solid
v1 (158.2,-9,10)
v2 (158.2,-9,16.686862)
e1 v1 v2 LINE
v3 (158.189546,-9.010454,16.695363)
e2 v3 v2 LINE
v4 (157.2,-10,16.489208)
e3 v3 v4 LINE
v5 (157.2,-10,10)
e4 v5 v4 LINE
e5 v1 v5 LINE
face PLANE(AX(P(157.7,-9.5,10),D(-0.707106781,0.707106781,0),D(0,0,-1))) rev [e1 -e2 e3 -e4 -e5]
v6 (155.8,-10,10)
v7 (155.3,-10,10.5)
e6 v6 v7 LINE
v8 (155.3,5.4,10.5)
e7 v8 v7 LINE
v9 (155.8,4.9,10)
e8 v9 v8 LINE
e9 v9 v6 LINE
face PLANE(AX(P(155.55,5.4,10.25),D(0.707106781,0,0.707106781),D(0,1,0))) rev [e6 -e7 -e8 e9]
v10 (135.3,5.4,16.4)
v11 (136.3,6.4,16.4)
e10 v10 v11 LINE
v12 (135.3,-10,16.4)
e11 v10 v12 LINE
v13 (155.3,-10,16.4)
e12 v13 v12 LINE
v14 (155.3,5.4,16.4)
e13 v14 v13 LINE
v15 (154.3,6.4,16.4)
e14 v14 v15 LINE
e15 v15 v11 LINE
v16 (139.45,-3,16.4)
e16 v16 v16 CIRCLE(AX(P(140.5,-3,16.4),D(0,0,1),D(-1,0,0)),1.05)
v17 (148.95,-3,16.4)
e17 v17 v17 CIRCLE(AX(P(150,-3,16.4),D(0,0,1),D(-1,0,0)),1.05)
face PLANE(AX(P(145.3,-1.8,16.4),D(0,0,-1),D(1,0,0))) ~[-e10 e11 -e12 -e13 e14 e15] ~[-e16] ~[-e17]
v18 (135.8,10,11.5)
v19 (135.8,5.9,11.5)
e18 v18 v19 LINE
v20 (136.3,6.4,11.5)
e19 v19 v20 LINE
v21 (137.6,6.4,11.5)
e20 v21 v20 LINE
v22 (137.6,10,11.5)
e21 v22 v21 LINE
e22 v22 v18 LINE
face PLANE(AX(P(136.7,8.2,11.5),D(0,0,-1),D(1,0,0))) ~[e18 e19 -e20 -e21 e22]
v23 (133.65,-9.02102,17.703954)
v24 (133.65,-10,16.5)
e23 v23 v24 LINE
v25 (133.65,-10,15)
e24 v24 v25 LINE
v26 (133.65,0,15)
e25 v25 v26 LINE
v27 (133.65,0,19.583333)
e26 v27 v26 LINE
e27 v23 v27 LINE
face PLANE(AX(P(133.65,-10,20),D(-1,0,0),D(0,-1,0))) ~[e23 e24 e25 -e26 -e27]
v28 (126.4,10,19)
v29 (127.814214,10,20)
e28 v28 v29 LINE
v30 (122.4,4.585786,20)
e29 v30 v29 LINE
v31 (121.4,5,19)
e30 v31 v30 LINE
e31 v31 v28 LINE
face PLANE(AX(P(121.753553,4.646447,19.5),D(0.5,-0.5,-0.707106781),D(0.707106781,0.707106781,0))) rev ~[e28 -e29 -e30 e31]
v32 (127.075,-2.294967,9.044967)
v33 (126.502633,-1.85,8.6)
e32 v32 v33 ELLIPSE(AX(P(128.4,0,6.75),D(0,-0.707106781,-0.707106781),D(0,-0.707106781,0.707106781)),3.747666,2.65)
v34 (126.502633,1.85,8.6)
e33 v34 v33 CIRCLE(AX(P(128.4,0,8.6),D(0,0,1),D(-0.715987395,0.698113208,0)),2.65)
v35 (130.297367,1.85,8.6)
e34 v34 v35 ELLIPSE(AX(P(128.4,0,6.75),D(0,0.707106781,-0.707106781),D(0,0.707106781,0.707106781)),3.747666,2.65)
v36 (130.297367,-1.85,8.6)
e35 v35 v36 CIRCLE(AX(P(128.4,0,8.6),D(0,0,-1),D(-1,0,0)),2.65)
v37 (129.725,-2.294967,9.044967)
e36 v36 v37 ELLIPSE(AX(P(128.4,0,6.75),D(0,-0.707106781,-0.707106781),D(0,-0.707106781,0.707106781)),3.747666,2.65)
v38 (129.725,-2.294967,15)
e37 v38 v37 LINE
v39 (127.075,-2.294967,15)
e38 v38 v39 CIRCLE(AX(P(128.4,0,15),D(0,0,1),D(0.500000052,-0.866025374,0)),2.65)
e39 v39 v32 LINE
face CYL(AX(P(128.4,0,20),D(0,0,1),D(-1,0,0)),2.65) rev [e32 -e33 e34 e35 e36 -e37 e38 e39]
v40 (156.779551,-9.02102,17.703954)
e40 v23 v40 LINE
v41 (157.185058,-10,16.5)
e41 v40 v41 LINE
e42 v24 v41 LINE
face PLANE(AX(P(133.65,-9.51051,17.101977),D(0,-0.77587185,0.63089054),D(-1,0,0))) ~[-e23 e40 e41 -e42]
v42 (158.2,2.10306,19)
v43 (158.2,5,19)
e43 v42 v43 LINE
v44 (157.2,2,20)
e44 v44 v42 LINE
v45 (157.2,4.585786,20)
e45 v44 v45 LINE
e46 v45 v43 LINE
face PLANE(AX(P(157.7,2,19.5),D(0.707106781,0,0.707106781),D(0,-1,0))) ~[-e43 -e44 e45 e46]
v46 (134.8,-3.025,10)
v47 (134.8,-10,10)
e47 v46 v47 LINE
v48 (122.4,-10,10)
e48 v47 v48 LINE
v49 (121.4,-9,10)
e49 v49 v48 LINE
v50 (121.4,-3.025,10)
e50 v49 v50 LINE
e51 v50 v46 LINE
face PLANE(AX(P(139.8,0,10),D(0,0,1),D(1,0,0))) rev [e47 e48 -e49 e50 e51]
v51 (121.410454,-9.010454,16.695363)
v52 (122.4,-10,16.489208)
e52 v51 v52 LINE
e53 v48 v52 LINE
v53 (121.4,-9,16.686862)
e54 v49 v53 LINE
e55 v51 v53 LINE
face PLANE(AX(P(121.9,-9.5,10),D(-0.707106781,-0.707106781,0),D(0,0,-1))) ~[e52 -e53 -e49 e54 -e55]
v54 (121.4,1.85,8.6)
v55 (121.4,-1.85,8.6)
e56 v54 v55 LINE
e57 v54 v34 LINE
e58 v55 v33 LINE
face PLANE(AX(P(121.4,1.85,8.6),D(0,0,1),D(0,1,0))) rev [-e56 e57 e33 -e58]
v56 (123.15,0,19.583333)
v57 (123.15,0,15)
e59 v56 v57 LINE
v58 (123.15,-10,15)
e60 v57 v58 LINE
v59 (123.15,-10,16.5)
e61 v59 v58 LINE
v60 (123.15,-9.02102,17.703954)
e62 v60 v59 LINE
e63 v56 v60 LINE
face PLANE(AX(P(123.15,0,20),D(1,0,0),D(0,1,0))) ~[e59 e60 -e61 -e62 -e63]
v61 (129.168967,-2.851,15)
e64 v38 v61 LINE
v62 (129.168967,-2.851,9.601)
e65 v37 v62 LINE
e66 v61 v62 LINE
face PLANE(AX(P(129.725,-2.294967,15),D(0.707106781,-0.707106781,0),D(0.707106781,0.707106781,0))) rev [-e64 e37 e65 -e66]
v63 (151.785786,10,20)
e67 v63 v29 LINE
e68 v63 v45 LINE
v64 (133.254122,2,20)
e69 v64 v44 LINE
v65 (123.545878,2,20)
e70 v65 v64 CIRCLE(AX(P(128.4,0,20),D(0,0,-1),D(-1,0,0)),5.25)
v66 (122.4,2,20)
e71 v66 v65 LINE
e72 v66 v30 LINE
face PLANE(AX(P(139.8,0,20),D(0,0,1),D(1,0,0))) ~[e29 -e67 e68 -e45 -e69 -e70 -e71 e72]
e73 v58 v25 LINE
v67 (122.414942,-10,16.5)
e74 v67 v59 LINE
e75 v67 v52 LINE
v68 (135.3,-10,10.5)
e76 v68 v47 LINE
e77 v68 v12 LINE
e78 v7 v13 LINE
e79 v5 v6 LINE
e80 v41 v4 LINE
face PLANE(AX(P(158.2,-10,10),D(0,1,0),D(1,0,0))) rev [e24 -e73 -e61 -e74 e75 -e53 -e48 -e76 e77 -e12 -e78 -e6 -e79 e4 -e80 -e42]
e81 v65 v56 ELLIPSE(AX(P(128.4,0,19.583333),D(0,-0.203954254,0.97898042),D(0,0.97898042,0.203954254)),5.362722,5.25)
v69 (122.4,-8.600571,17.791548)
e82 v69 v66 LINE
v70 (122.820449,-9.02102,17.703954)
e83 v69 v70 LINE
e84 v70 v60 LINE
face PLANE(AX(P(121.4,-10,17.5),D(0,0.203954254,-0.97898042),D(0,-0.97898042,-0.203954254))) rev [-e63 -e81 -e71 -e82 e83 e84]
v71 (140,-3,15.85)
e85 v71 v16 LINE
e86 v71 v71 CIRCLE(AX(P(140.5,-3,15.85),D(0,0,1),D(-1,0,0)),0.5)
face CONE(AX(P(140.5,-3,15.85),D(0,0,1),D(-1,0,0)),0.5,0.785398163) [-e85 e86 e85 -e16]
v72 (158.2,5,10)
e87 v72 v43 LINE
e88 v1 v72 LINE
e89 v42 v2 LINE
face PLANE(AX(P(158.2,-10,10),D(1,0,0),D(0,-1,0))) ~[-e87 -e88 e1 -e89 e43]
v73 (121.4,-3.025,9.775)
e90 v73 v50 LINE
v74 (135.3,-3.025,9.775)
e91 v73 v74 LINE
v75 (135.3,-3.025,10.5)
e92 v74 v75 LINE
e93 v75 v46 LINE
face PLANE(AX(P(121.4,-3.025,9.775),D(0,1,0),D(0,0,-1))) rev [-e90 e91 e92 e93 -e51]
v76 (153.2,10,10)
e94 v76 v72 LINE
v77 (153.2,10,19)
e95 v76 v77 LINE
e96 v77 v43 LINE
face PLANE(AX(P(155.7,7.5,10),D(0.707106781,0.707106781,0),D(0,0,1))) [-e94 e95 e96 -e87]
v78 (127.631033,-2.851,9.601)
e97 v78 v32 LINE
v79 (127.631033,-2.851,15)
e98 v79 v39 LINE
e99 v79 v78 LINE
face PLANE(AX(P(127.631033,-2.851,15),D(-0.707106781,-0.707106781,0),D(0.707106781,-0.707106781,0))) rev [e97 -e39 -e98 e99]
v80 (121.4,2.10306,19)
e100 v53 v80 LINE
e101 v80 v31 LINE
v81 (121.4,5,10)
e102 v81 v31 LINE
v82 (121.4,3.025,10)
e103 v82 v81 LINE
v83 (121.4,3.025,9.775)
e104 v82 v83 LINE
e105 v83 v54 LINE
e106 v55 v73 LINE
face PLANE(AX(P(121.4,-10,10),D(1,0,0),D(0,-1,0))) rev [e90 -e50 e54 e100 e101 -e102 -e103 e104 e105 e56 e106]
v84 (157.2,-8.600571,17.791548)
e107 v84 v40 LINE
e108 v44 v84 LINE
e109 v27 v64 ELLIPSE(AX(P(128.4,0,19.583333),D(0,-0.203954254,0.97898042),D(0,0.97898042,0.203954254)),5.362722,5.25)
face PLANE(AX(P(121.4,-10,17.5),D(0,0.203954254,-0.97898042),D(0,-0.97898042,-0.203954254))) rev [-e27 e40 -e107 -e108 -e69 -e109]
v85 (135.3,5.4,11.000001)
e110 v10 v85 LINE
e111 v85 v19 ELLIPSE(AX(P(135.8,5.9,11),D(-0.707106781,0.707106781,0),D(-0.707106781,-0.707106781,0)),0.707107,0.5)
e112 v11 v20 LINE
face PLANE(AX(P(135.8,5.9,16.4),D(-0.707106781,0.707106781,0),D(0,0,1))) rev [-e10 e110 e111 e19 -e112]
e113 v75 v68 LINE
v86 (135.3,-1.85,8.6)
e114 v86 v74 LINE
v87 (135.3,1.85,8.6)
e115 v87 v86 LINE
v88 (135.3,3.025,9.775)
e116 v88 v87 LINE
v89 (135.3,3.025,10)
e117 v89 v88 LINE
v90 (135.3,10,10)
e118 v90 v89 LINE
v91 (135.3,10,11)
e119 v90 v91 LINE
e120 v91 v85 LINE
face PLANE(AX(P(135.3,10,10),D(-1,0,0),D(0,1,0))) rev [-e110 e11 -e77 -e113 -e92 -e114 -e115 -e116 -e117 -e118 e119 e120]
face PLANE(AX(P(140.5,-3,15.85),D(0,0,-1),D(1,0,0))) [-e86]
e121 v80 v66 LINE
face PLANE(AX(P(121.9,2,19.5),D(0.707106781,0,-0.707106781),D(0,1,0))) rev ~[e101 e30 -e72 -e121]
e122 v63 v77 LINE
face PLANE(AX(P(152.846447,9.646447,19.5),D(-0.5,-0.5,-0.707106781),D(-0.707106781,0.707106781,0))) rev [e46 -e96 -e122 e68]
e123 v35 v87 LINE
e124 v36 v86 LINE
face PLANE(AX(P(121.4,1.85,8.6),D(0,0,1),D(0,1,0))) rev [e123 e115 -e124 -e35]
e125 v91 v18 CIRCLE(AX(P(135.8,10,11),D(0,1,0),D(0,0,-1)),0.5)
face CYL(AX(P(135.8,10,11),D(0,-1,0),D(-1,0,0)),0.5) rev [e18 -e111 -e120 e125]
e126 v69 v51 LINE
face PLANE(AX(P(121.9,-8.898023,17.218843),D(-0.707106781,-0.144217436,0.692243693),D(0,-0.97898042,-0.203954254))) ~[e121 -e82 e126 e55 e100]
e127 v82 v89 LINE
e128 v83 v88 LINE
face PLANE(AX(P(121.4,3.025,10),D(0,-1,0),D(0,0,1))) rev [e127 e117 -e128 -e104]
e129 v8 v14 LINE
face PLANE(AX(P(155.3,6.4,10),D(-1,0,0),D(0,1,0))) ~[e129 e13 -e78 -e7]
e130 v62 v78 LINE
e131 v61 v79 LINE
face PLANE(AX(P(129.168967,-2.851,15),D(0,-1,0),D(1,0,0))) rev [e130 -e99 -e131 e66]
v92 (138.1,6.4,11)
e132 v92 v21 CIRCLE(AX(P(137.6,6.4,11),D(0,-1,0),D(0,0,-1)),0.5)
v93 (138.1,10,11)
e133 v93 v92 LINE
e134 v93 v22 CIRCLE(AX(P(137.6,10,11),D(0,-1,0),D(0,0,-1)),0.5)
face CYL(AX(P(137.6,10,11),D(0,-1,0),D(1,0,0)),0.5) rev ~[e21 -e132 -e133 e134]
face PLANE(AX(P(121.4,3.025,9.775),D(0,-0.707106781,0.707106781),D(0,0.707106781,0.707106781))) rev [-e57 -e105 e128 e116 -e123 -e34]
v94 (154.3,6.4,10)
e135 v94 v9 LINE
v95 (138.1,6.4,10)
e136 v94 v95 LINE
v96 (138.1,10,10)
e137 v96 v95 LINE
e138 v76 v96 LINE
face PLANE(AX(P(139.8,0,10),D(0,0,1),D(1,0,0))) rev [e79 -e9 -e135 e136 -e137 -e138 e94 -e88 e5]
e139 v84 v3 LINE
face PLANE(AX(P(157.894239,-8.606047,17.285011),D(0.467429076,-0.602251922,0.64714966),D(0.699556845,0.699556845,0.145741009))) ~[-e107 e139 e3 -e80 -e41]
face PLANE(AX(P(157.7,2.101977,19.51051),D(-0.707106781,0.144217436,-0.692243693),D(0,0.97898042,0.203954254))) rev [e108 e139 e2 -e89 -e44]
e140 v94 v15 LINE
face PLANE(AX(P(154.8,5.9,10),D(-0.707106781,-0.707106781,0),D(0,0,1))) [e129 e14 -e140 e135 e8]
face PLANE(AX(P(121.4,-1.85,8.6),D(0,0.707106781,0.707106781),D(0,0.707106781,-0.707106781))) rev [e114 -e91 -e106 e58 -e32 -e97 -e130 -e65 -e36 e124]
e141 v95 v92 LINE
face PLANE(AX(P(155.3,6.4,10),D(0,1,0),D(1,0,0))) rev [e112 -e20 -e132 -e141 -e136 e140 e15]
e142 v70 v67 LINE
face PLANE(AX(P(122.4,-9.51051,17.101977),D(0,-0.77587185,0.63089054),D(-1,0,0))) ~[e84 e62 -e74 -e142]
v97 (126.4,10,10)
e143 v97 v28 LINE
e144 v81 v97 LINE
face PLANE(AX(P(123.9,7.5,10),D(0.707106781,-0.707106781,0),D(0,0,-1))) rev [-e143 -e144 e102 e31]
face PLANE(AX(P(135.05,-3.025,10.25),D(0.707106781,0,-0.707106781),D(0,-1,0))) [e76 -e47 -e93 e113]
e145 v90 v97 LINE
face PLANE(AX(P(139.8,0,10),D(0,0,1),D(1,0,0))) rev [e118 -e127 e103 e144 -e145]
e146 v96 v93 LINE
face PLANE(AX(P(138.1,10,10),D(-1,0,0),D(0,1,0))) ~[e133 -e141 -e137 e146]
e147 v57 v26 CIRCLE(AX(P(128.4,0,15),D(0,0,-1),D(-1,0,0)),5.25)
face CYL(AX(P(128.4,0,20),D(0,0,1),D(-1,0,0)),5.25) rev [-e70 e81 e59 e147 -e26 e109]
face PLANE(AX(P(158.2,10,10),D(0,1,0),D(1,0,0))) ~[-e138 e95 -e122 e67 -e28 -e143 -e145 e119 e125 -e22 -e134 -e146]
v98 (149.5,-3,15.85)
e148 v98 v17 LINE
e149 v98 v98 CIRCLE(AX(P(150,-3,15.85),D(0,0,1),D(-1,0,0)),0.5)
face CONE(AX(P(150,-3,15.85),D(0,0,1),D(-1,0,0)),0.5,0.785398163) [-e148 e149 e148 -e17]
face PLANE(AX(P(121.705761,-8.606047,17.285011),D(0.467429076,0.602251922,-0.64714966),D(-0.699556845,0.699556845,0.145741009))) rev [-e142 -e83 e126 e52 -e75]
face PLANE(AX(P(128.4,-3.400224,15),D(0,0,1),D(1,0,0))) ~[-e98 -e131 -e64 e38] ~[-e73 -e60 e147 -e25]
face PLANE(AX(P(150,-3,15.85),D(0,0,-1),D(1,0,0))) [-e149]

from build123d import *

# Parameters (mm, degrees)
SKETCH003_W         = 36.8
SKETCH003_H         = 20
PAD001_DEPTH        = 10
SKETCH004_W         = 20
SKETCH004_H         = 16.4
POCKET002_DEPTH     = 6.4
LINEARPATTERN_COUNT = 2
LINEARPATTERN_PITCH = 9.5
PAD002_DEPTH        = 13.9
SKETCH007_R         = 2.65
POCKET003_DEPTH     = 11.401
POCKET004_DEPTH     = 5
POCKET005_DEPTH     = 36.801
SKETCH010_W         = 2.8
SKETCH010_H         = 3.6
POCKET006_DEPTH     = 1.5
FILLET_R            = 0.5
CHAMFER_SIZE        = 1
CHAMFER001_SIZE     = 5
CHAMFER002_SIZE     = 1
CHAMFER003_SIZE     = 0.5
CHAMFER004_SIZE     = 1
POCKET007_DEPTH     = 6.401


with BuildPart() as x_negative:
    # Sketch003 (on Face2 of ShapeBinder) → Pad001 (new body)
    with BuildSketch(Plane.XY.offset(10)):
        with Locations((60.2, 0)):
            Rectangle(SKETCH003_W, SKETCH003_H)
    extrude(amount=PAD001_DEPTH)

    # Sketch004 (on Face5 of Pad001) → Pocket002 (cut)
    with BuildSketch(Plane(origin=(0, 0, 10), x_dir=(1, 0, 0), z_dir=(0, 0, -1))):
        with Locations((54.7, 1.8)):
            Rectangle(SKETCH004_W, SKETCH004_H)
    extrude(amount=-POCKET002_DEPTH, mode=Mode.SUBTRACT)

    # Sketch005 (on DatumPlane) → Revolution (revolve)
    with BuildSketch(Plane.XZ.offset(3)):
        Polygon((50, 15.85), (50.5, 15.85), (51.05, 16.4), (50, 16.4), align=None)
    revolution = revolve(axis=Axis((50, -3, 15.85), (0, 0, -1)))

    # LinearPattern: Revolution ×2
    with Locations(*[(i * LINEARPATTERN_PITCH, 0, 0) for i in range(1, LINEARPATTERN_COUNT)]):
        add(revolution)

    # Sketch006 (on Face3 of LinearPattern) → Pad002 (join)
    with BuildSketch(Plane.YZ.offset(78.6)):
        Polygon((-3.025, 10), (3.025, 10), (3.025, 9.775), (1.85, 8.6), (-1.85, 8.6), (-3.025, 9.775), align=None)
    extrude(amount=-PAD002_DEPTH)

    # Sketch007 (on Face4 of Pad002) → Pocket003 (cut, through all)
    with BuildSketch(Plane.XY.offset(20)):
        with Locations((71.6, 0)):
            Circle(SKETCH007_R)
    extrude(amount=-POCKET003_DEPTH, mode=Mode.SUBTRACT)

    # Sketch008 (on Face5 of Pocket003) → Pocket004 (cut)
    with BuildSketch(Plane.XY.offset(20)):
        with BuildLine():
            ThreePointArc((76.85, 0), (71.6, 5.25), (66.35, 0))
            Line((66.35, -10), (66.35, 0))
            Line((76.85, -10), (66.35, -10))
            Line((76.85, 0), (76.85, -10))
        make_face()
    extrude(amount=-POCKET004_DEPTH, mode=Mode.SUBTRACT)

    # Sketch009 (on Face3 of Pocket004) → Pocket005 (cut, through all)
    with BuildSketch(Plane.YZ.offset(78.6)):
        Polygon((-10, 17.5), (2, 20), (-10, 20), align=None)
    extrude(amount=-POCKET005_DEPTH, mode=Mode.SUBTRACT)

    # Sketch010 (on Face4 of Pocket005) → Pocket006 (cut)
    with BuildSketch(Plane(origin=(0, 0, 10), x_dir=(1, 0, 0), z_dir=(0, 0, -1))):
        with Locations((63.3, -8.2)):
            Rectangle(SKETCH010_W, SKETCH010_H)
    extrude(amount=-POCKET006_DEPTH, mode=Mode.SUBTRACT)

    # Fillet
    fillet_edges = [x_negative.edges().sort_by_distance(p)[0] for p in [
        (61.9, 8.2, 11.5),
        (64.7, 8.2, 11.5),
    ]]
    fillet(fillet_edges, radius=FILLET_R)

    # Chamfer
    chamfer_edges = [x_negative.edges().sort_by_distance(p)[0] for p in [
        (78.6, -10, 13.75),
        (41.8, -10, 13.75),
    ]]
    chamfer(chamfer_edges, length=CHAMFER_SIZE)

    # Chamfer001
    chamfer001_edges = [x_negative.edges().sort_by_distance(p)[0] for p in [
        (78.6, 10, 15),
        (41.8, 10, 15),
    ]]
    chamfer(chamfer001_edges, length=CHAMFER001_SIZE)

    # Chamfer002
    chamfer002_edges = [x_negative.edges().sort_by_distance(p)[0] for p in [
        (64.7, 6.4, 13.95),
        (44.7, 6.4, 13.2),
    ]]
    chamfer(chamfer002_edges, length=CHAMFER002_SIZE)

    # Chamfer003
    chamfer003_edges = [x_negative.edges().sort_by_distance(p)[0] for p in [
        (44.7, -2.3, 10),
        (64.7, -6.5125, 10),
    ]]
    chamfer(chamfer003_edges, length=CHAMFER003_SIZE)

    # Chamfer004
    chamfer004_edges = [x_negative.edges().sort_by_distance(p)[0] for p in [
        (76.1, 7.5, 20),
        (78.6, 3.5, 20),
        (78.6, -3.5, 18.854167),
        (44.3, 7.5, 20),
        (41.8, 3.5, 20),
        (41.8, -3.5, 18.854167),
        (42.3, -9.5, 17.604167),
        (54.575, -10, 17.5),
        (77.225, -10, 17.5),
        (78.1, -9.5, 17.604167),
    ]]
    chamfer(chamfer004_edges, length=CHAMFER004_SIZE)

    # Sketch011 (on Face9 of Chamfer004) → Pocket007 (cut, through all)
    with BuildSketch(Plane.XY.offset(15)):
        Polygon((70.275, -2.294967), (70.831033, -2.851), (72.368967, -2.851), (72.925, -2.294967), align=None)
    extrude(amount=-POCKET007_DEPTH, mode=Mode.SUBTRACT)


with BuildPart() as x_positive:
    # Part__Mirroring: instance of x_negative
    add(x_negative.part.mirror(Plane(origin=(0, 0, 0), x_dir=(0, -1, 0), z_dir=(1, 0, 0))))


with BuildPart() as x_positive_1:
    # Part__Mirroring placement: moved
    add(x_positive.part.moved(Location((200, 0, 0))))


solid = x_positive_1.part
